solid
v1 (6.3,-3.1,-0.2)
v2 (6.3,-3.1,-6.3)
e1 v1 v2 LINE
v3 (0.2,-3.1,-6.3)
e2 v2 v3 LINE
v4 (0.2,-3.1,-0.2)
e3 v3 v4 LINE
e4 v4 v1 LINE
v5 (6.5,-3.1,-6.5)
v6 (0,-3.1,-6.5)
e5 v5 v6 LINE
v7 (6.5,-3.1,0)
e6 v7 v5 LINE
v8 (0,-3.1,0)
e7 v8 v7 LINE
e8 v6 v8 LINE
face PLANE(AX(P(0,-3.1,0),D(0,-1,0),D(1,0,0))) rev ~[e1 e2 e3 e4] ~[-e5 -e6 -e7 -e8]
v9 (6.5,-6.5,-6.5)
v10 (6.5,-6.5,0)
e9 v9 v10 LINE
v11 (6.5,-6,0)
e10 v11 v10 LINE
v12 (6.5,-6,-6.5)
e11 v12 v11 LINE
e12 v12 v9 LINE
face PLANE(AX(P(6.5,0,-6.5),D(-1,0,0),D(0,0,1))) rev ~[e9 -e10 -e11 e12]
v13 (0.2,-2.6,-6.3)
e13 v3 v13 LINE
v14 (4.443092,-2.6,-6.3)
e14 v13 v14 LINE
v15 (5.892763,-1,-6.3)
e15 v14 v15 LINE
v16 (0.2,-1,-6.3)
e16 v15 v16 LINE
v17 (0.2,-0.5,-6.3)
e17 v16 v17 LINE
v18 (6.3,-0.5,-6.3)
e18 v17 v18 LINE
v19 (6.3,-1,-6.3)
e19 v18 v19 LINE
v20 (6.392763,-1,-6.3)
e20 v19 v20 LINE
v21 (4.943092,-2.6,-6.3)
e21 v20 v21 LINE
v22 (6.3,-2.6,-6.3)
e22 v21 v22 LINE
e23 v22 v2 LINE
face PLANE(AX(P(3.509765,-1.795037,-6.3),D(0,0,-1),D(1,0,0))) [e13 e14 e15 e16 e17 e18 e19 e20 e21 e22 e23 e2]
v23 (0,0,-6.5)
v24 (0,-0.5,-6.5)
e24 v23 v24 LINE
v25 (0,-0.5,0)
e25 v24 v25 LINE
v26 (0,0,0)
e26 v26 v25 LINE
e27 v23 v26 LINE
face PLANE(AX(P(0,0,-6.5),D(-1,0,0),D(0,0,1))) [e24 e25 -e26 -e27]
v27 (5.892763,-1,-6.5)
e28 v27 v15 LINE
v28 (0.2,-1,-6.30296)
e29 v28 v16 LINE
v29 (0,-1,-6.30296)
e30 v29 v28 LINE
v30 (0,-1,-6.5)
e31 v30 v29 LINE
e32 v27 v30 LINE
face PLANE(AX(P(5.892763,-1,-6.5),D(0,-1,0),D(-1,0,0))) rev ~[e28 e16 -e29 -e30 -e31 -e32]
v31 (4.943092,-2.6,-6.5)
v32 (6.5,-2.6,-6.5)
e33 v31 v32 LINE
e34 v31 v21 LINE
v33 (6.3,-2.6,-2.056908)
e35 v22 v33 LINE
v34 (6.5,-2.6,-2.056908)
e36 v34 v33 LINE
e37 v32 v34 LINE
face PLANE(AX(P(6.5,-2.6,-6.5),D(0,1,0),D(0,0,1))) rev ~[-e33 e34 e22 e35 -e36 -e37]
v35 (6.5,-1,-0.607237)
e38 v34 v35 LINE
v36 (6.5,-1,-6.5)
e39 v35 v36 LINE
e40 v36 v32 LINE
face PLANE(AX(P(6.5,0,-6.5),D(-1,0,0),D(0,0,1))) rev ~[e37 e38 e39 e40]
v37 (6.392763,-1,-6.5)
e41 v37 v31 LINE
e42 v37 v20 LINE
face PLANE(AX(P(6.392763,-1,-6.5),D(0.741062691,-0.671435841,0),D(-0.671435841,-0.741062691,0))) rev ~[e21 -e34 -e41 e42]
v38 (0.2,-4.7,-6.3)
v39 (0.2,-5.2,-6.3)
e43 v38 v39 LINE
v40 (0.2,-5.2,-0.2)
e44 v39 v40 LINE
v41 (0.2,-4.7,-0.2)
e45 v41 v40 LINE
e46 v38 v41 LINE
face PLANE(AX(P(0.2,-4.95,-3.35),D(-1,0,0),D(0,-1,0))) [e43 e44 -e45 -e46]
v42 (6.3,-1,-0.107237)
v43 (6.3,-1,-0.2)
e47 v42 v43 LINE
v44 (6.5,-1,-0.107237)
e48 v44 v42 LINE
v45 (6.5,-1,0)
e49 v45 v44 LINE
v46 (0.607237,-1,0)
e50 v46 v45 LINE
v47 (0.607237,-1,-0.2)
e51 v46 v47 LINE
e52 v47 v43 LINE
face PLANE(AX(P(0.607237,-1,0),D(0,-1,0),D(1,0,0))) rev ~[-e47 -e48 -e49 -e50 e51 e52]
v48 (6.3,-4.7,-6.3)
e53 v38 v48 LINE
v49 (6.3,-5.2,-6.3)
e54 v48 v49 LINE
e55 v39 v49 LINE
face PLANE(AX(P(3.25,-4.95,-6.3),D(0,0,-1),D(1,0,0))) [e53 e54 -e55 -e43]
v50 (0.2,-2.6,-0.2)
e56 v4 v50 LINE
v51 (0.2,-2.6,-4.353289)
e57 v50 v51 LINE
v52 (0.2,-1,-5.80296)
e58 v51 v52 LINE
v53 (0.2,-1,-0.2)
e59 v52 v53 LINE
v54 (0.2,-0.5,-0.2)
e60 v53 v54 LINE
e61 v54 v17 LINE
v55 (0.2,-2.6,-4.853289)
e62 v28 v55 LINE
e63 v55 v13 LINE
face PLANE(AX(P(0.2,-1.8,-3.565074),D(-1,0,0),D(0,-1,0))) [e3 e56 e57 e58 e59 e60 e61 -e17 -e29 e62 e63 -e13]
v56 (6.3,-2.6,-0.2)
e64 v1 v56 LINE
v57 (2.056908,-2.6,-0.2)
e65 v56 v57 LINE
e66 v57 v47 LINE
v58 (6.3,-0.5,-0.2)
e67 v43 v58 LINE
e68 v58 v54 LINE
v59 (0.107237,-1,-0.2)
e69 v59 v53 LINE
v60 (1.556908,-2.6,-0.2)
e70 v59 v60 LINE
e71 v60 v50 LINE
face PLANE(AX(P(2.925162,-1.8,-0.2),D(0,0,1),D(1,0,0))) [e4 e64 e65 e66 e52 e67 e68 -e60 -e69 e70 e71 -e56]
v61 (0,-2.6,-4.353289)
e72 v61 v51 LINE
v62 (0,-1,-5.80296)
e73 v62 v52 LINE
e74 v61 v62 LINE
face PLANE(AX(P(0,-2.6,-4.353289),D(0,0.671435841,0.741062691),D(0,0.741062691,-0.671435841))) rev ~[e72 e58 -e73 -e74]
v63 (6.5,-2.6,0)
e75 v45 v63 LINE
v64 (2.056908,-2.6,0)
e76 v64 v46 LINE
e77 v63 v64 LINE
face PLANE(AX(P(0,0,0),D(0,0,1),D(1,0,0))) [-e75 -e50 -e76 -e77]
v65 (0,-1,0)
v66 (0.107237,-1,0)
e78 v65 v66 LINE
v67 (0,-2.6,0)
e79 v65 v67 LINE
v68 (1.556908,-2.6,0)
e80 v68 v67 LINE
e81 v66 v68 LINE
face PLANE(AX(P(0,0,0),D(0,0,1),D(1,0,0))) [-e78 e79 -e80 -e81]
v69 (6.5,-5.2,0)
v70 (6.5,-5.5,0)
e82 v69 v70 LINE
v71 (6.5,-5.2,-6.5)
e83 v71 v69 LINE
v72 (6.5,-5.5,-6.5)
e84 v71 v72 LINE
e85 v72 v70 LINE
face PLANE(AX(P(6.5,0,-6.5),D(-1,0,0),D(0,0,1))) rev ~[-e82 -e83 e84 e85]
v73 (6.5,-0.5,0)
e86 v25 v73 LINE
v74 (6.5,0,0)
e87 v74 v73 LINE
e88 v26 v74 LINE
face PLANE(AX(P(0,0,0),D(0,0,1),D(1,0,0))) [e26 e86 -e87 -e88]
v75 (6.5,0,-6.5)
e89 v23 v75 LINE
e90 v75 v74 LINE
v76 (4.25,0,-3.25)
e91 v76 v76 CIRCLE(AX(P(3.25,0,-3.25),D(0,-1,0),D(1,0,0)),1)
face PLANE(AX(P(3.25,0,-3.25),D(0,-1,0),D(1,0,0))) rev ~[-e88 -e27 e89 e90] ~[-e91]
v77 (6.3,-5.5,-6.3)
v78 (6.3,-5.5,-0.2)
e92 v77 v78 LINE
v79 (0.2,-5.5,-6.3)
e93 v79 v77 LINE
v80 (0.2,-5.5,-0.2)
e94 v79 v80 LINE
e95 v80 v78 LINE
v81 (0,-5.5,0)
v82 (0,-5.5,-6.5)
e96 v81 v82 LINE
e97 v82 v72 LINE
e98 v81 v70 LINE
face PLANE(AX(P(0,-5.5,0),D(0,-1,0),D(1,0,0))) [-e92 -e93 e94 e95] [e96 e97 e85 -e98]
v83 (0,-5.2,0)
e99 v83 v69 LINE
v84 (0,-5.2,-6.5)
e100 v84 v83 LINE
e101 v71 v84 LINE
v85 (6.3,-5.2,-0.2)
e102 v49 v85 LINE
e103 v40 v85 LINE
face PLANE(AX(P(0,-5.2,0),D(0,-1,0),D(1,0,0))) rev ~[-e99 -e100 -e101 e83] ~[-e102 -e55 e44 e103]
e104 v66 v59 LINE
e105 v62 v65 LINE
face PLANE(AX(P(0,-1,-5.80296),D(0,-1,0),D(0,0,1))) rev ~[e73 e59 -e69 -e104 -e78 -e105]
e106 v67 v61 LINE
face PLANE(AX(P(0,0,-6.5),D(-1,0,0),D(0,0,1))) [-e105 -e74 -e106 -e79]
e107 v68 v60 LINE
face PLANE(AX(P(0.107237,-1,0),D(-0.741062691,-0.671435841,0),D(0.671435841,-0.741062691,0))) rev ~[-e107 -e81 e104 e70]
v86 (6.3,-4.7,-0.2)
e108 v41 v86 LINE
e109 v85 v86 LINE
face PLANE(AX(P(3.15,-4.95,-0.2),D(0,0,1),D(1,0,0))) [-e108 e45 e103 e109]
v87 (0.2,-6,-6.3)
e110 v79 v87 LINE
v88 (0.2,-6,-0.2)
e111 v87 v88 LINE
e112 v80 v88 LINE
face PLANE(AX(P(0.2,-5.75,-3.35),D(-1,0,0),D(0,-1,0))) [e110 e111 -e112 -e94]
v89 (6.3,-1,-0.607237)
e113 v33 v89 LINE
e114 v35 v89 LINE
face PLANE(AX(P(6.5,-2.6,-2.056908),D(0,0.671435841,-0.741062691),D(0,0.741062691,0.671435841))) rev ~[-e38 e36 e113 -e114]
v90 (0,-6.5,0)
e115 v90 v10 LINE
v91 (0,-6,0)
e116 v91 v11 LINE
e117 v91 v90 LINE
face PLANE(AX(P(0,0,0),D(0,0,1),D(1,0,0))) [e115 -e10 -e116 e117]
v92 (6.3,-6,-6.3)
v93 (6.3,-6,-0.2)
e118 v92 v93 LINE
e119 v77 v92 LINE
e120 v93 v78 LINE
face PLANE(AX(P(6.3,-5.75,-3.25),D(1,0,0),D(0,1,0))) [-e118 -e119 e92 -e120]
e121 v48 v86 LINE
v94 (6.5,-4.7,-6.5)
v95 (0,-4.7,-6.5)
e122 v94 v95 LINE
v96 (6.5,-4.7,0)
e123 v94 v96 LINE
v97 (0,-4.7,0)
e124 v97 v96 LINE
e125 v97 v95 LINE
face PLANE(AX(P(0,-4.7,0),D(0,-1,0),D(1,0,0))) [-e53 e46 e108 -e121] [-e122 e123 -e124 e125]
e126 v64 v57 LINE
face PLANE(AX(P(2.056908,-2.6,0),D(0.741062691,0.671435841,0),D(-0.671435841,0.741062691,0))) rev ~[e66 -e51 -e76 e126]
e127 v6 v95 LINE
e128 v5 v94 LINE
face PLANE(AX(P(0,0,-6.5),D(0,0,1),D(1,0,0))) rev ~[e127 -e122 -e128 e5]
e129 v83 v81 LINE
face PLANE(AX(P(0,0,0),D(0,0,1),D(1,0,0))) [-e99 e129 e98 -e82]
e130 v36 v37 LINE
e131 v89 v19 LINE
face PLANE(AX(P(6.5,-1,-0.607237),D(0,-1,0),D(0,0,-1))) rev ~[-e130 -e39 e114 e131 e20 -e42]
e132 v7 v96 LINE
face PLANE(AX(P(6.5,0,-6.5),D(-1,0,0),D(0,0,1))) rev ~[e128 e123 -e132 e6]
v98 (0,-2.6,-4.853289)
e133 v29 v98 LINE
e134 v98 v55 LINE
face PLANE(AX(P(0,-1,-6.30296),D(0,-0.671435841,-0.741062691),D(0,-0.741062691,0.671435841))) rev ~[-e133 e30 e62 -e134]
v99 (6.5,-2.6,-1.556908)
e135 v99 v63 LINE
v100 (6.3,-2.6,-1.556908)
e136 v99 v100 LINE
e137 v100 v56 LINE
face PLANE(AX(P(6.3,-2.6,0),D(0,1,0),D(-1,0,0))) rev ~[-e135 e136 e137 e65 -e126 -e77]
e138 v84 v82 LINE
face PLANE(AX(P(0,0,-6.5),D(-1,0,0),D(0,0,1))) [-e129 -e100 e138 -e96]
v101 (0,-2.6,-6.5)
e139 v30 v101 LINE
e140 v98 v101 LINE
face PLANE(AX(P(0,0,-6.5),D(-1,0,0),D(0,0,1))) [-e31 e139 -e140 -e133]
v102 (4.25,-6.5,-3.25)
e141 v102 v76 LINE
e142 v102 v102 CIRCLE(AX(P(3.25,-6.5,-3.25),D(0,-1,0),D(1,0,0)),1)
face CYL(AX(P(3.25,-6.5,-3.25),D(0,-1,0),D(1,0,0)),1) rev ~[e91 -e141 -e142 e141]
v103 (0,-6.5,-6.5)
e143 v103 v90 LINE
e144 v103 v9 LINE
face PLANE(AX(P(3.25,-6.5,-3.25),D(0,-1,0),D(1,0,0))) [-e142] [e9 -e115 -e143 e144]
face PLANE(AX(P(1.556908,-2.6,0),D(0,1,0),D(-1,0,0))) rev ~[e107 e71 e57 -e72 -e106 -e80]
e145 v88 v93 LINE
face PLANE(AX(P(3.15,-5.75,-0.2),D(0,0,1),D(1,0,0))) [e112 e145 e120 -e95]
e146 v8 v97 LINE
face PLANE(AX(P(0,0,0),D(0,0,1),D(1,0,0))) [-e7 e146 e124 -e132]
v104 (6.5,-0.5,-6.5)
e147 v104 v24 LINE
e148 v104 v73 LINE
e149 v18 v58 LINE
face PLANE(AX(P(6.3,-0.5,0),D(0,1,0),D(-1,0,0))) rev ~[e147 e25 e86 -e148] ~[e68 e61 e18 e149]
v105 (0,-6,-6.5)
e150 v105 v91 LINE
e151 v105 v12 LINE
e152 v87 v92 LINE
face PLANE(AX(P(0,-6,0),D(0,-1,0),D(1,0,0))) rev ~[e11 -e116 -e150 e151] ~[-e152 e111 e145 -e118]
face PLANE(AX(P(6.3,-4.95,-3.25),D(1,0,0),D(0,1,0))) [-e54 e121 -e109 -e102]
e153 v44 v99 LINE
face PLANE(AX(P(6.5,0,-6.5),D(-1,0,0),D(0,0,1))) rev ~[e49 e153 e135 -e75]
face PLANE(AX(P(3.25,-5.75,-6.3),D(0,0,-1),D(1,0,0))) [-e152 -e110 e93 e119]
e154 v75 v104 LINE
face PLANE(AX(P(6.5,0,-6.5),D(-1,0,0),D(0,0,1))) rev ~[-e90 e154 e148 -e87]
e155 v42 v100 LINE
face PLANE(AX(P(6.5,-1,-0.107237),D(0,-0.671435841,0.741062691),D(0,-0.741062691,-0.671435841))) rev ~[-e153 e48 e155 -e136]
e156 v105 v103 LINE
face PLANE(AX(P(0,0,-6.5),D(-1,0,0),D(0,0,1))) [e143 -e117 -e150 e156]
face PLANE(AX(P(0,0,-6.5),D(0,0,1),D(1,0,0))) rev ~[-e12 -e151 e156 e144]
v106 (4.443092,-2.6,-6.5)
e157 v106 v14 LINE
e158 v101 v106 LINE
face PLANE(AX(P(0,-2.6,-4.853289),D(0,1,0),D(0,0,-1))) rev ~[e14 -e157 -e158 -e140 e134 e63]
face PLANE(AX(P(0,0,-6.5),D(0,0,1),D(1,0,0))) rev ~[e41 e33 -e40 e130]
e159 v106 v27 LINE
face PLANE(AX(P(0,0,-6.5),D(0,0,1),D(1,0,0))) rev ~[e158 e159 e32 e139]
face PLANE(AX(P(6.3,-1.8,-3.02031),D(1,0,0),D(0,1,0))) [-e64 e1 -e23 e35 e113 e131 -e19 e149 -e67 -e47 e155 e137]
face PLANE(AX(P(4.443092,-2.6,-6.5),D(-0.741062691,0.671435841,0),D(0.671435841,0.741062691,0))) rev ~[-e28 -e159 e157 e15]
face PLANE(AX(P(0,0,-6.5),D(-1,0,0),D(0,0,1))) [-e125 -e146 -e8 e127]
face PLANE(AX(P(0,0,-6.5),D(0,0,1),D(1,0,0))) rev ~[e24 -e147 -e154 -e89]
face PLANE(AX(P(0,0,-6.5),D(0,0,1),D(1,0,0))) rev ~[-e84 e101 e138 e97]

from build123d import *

# Parameters (mm, degrees)
F0_W      = 6.5
F0_H      = 6.5
F1_DEPTH  = 6.5
F2_R      = 1
F3_DEPTH  = 25
F4_W      = 0.5
F4_H      = 6.5
F5_DEPTH  = 0.2
F6_W      = 6.3
F6_H      = 0.5
F7_DEPTH  = 0.2
F8_W      = 0.5
F8_H      = 6.3
F9_DEPTH  = 0.2
F10_W     = 6.1
F10_H     = 0.5
F11_DEPTH = 0.2


with BuildPart() as f1:
    # F0 (on Front) → F1 (new body)
    with BuildSketch(Plane.XZ):
        with Locations((3.25, -3.25)):
            Rectangle(F0_W, F0_H)
    extrude(amount=F1_DEPTH)

    # F2 (on face) → F3 (cut)
    with BuildSketch(Plane.XZ.offset(6.5)):
        with Locations((3.25, -3.25)):
            Circle(F2_R)
    extrude(amount=-F3_DEPTH, mode=Mode.SUBTRACT)

    # F4 (on face) → F5 (cut)
    with BuildSketch(Plane.YZ.offset(6.5)):
        with Locations((-5.75, -3.25)):
            Rectangle(F4_W, F4_H)
        with Locations((-4.95, -3.25)):
            Rectangle(F4_W, F4_H)
        Polygon((-3.1, 0), (-3.1, -6.5), (-2.6, -6.5), (-2.6, -2.0569080953), (-1, -0.6072367541), (-1, -6.5), (-0.5, -6.5), (-0.5, 0), (-1, 0), (-1, -0.1072367541), (-2.6, -1.5569080953), (-2.6, 0), align=None)
    extrude(amount=-F5_DEPTH, mode=Mode.SUBTRACT)

    # F6 (on face) → F7 (cut)
    with BuildSketch(Plane.XY):
        with Locations((3.15, -5.75)):
            Rectangle(F6_W, F6_H)
        with Locations((3.15, -4.95)):
            Rectangle(F6_W, F6_H)
        Polygon((0, -2.6), (0, -3.1), (6.3, -3.1), (6.3, -2.6), (2.0569080953, -2.6), (0.6072367541, -1), (6.3, -1), (6.3, -0.5), (0, -0.5), (0, -1), (0.1072367541, -1), (1.5569080953, -2.6), align=None)
    extrude(amount=-F7_DEPTH, mode=Mode.SUBTRACT)

    # F8 (on face) → F9 (cut)
    with BuildSketch(Plane(origin=(0, 0, 0), x_dir=(0, -1, 0), z_dir=(-1, 0, 0))):
        with Locations((5.75, -3.35)):
            Rectangle(F8_W, F8_H)
        with Locations((4.95, -3.35)):
            Rectangle(F8_W, F8_H)
        Polygon((2.6, -6.5), (3.1, -6.5), (3.1, -0.2), (2.6, -0.2), (2.6, -4.3532891255), (1, -5.8029604666), (1, -0.2), (0.5, -0.2), (0.5, -6.5), (1, -6.5), (1, -6.3029604666), (2.6, -4.8532891255), align=None)
    extrude(amount=-F9_DEPTH, mode=Mode.SUBTRACT)

    # F10 (on face) → F11 (cut)
    with BuildSketch(Plane(origin=(0, 0, -6.5), x_dir=(1, 0, 0), z_dir=(0, 0, -1))):
        with Locations((3.25, 5.75)):
            Rectangle(F10_W, F10_H)
        with Locations((3.25, 4.95)):
            Rectangle(F10_W, F10_H)
        Polygon((6.3, 3.1), (0.2, 3.1), (0.2, 2.6), (4.4430919047, 2.6), (5.8927632459, 1), (0.2, 1), (0.2, 0.5), (6.3, 0.5), (6.3, 1), (6.3927632459, 1), (4.9430919047, 2.6), (6.3, 2.6), align=None)
    extrude(amount=-F11_DEPTH, mode=Mode.SUBTRACT)


solid = f1.part
